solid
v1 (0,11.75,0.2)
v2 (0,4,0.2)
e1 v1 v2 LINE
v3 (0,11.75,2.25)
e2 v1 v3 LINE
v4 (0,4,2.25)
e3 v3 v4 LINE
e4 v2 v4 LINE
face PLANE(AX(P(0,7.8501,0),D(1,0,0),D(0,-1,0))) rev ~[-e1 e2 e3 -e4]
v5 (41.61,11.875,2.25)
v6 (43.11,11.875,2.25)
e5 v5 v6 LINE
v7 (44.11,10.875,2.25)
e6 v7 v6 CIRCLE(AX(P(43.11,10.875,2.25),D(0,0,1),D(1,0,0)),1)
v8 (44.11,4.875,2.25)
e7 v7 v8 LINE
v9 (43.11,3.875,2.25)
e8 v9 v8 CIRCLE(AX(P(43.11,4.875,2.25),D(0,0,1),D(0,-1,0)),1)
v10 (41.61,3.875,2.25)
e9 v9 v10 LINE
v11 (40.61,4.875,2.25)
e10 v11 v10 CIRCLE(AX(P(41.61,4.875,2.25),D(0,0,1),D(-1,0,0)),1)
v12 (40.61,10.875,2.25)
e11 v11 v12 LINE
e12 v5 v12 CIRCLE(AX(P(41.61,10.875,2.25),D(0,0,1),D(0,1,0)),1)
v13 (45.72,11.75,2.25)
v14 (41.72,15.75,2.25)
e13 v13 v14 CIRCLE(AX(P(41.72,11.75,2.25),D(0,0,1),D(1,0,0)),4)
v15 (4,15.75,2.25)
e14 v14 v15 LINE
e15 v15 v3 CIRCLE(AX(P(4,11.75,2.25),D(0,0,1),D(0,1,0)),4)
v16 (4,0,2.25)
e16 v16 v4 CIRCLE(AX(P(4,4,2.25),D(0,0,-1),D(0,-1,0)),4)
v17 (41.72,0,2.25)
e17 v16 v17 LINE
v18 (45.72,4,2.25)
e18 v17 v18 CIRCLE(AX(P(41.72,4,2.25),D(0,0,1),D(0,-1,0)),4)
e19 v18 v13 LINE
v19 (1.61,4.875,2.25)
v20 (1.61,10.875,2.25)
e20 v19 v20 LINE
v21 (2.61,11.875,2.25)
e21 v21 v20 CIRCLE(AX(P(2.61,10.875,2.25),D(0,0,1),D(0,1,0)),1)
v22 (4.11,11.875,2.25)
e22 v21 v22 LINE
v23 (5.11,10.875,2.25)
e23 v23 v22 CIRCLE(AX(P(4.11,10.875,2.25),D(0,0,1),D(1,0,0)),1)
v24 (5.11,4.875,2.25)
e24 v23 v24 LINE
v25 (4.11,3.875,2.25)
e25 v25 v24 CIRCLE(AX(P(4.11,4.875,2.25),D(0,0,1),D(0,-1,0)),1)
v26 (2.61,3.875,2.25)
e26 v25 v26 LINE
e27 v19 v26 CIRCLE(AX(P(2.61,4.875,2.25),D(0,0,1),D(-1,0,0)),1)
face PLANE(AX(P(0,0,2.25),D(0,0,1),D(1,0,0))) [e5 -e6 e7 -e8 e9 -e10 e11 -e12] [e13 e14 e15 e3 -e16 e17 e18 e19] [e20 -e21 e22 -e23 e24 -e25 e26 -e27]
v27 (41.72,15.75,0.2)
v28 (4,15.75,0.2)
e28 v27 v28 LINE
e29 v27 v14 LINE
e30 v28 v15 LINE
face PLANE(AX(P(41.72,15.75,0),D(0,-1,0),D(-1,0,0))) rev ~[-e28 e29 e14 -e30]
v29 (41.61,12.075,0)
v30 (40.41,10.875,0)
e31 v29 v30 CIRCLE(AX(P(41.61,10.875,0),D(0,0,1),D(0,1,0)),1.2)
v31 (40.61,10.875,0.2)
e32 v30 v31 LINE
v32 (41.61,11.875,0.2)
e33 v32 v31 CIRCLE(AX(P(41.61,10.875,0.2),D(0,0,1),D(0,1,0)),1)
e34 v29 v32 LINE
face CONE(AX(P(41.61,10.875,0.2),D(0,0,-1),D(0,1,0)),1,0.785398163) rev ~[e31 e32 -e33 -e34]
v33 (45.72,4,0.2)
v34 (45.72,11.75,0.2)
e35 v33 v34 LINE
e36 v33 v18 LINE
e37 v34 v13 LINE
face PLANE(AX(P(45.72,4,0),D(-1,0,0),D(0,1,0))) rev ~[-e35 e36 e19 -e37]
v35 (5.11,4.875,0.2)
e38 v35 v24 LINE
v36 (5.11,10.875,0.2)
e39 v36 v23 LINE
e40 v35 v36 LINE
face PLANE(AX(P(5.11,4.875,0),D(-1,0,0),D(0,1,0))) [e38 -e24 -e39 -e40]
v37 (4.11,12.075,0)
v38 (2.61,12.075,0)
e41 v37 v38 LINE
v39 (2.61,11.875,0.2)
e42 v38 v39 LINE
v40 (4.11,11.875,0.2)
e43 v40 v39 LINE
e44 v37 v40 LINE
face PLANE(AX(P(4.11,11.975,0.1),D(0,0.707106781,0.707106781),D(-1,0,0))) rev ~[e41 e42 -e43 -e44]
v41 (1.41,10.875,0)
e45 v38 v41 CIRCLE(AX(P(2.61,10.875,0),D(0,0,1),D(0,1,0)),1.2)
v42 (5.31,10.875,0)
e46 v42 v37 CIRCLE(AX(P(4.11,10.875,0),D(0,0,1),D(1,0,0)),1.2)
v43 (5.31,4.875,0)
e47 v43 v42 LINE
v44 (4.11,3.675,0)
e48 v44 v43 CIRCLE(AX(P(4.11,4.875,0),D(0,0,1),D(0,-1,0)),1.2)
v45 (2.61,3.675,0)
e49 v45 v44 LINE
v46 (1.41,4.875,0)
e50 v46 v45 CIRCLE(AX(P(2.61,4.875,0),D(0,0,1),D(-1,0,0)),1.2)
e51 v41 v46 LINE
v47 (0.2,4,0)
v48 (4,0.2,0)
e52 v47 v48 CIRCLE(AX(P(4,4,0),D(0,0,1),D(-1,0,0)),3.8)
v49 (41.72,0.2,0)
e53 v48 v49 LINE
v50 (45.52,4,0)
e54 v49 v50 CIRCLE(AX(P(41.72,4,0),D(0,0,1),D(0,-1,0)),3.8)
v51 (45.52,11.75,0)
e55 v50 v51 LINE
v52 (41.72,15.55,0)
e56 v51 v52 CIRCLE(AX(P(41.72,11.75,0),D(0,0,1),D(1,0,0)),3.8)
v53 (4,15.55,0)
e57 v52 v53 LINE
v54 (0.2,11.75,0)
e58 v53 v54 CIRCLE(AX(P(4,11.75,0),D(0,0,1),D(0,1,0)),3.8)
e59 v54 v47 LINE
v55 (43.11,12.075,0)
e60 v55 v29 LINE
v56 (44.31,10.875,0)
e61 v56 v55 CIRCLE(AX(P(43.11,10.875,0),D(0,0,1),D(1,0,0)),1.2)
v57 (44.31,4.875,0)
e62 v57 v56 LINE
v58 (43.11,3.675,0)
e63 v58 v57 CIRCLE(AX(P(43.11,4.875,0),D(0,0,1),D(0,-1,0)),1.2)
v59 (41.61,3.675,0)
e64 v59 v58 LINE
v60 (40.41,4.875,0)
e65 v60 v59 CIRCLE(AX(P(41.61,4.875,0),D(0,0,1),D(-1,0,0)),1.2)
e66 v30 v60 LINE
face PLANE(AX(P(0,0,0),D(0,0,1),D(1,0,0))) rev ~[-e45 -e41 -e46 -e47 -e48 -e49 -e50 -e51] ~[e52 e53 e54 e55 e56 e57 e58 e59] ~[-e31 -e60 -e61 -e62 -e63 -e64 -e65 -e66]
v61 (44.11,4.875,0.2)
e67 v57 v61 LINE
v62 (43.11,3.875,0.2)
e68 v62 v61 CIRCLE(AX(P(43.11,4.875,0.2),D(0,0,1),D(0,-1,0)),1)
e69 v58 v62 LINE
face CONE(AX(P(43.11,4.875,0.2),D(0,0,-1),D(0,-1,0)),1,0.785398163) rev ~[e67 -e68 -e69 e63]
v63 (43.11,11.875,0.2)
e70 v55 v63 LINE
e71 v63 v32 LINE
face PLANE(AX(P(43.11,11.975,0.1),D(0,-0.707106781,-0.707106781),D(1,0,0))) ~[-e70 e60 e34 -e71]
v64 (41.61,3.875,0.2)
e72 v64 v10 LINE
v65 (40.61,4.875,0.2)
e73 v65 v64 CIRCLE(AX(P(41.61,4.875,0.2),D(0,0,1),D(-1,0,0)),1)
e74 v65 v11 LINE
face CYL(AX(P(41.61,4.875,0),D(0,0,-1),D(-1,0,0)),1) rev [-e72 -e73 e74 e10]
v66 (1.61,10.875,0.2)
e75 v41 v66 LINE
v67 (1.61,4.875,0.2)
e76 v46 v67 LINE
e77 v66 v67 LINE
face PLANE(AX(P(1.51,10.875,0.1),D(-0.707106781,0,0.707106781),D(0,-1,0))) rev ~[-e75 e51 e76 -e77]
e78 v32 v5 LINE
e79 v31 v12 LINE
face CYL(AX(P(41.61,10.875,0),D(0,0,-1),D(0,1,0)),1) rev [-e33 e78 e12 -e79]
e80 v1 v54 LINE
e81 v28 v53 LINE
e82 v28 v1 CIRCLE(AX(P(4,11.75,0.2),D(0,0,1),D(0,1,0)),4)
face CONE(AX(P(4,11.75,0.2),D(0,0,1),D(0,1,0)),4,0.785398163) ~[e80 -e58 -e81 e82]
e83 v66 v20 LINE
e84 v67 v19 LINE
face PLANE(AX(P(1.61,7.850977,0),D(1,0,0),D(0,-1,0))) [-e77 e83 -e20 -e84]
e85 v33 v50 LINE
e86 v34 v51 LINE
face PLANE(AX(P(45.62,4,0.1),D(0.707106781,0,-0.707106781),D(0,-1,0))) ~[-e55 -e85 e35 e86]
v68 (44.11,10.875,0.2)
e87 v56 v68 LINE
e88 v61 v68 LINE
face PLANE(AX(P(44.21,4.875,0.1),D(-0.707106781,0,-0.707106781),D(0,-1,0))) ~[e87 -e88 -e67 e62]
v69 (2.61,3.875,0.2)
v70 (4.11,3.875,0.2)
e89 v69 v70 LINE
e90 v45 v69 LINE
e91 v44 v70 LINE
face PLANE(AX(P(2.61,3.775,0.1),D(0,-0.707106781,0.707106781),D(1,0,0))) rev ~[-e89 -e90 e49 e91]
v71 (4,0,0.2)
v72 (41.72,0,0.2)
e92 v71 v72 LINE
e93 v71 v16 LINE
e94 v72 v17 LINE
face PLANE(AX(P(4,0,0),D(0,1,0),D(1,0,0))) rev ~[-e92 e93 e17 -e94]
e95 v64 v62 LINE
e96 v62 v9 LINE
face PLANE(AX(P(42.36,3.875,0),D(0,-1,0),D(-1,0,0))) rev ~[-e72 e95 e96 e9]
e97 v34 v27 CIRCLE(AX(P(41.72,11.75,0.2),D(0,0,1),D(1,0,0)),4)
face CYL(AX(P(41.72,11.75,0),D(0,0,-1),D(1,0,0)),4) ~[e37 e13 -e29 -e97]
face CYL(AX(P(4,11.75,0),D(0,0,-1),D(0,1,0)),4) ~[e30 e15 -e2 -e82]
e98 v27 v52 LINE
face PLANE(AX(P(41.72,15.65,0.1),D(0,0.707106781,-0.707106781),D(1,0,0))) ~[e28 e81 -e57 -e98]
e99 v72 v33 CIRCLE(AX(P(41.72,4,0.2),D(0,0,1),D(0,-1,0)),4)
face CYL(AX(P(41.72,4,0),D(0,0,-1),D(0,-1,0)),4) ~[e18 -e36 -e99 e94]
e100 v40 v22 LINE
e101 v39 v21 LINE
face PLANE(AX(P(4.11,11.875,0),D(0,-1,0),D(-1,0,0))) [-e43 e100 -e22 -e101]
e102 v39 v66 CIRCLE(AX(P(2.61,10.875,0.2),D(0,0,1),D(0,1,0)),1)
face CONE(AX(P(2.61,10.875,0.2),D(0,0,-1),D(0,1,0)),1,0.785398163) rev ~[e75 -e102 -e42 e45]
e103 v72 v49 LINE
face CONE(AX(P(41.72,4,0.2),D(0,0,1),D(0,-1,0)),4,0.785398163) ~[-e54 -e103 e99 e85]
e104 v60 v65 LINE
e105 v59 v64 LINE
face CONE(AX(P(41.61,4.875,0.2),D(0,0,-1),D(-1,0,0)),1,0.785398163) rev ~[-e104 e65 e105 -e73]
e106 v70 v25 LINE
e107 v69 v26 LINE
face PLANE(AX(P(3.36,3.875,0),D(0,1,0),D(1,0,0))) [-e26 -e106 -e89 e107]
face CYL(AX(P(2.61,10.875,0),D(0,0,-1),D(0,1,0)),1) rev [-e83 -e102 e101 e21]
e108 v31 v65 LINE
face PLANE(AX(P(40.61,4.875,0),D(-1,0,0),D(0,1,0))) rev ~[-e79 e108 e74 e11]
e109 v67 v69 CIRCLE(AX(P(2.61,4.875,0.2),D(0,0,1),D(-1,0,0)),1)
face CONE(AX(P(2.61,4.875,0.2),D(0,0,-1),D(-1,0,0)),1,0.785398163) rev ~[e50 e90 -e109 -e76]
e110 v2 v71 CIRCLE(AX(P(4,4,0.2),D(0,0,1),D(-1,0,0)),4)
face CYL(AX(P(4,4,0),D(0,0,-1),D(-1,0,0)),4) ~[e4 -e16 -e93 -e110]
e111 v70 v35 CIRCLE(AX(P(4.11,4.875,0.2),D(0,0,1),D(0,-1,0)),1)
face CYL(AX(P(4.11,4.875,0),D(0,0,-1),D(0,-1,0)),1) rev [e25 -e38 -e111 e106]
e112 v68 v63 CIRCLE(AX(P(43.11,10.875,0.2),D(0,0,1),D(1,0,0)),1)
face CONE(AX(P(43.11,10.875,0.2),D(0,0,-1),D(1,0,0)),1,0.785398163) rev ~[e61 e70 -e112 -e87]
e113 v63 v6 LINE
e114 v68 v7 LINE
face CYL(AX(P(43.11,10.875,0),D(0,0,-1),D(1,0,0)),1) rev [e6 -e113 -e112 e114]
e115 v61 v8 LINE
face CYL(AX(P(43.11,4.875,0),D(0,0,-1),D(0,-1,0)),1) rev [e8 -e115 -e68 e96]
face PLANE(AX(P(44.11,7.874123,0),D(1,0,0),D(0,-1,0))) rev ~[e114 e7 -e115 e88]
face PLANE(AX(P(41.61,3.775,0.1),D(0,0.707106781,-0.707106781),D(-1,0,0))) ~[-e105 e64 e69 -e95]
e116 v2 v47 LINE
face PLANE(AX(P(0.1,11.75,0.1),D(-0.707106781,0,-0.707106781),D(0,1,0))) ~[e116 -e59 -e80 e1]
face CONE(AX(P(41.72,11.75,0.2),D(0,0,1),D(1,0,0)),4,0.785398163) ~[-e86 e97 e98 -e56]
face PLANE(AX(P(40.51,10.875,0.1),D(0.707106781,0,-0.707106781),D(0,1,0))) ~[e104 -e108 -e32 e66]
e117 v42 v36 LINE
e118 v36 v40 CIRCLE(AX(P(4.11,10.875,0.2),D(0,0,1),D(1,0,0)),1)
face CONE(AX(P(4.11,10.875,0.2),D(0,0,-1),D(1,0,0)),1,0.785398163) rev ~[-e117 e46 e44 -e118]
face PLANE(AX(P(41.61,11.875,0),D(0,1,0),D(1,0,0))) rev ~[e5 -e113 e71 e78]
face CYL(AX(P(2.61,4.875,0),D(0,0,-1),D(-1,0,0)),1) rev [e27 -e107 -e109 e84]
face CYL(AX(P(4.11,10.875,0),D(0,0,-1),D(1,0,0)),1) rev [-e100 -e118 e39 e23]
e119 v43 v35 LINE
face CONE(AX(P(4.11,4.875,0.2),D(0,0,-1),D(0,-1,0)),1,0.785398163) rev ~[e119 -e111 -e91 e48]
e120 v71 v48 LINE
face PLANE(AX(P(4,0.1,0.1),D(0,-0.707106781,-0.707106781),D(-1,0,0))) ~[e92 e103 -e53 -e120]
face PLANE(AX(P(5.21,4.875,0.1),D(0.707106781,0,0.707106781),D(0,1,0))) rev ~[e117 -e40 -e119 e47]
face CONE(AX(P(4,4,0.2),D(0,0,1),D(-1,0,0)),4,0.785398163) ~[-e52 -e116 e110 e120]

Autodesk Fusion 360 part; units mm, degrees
sketch "Sketch1" plane through (0, 0, 0) normal (0, 0, 1) x (1, 0, 0)
  line L0 (4, 0) -> (41.72, 0)
  line L1 (45.72, 4) -> (45.72, 11.75)
  line L2 (41.72, 15.75) -> (4, 15.75)
  line L3 (0, 11.75) -> (0, 0)
  line L4 (0, 7.8501) -> (45.72, 7.875)
  line L5 (0, 15.75) -> (3.36, 15.75)
  line L6 (3.36, 15.75) -> (3.36, 0)
  line L7 (3.36, 0) -> (0, 0)
  line L8 (0, 4) -> (0, 15.75)
  line L9 (45.72, 15.75) -> (42.36, 15.75)
  line L10 (42.36, 15.75) -> (42.36, 0)
  line L11 (42.36, 0) -> (45.72, 0)
  line L12 (45.72, 0) -> (45.72, 15.75)
  line L13 (4.11, 11.875) -> (2.61, 11.875)
  line L14 (1.61, 10.875) -> (1.61, 4.875)
  line L15 (2.61, 3.875) -> (4.11, 3.875)
  line L16 (5.11, 4.875) -> (5.11, 10.875)
  line L17 (5.11, 11.875) -> (1.61, 3.875) construction
  line L18 (1.61, 11.875) -> (5.11, 3.875) construction
  line L19 (41.61, 11.875) -> (43.11, 11.875)
  line L20 (44.11, 10.875) -> (44.11, 4.875)
  line L21 (43.11, 3.875) -> (41.61, 3.875)
  line L22 (40.61, 4.875) -> (40.61, 10.875)
  line L23 (40.61, 11.875) -> (44.11, 3.875) construction
  line L24 (44.11, 11.875) -> (40.61, 3.875) construction
  arc A0 (5.11, 10.875) -> (4.11, 11.875) centre (4.11, 10.875) ccw
  arc A1 (2.61, 11.875) -> (1.61, 10.875) centre (2.61, 10.875) ccw
  arc A2 (1.61, 4.875) -> (2.61, 3.875) centre (2.61, 4.875) ccw
  arc A3 (4.11, 3.875) -> (5.11, 4.875) centre (4.11, 4.875) ccw
  arc A4 (41.61, 11.875) -> (40.61, 10.875) centre (41.61, 10.875) ccw
  arc A5 (40.61, 4.875) -> (41.61, 3.875) centre (41.61, 4.875) ccw
  arc A6 (43.11, 3.875) -> (44.11, 4.875) centre (43.11, 4.875) ccw
  arc A7 (44.11, 10.875) -> (43.11, 11.875) centre (43.11, 10.875) ccw
  arc A8 (45.72, 11.75) -> (41.72, 15.75) centre (41.72, 11.75) ccw
  arc A9 (0, 4) -> (4, 0) centre (4, 4) ccw
  arc A10 (4, 15.75) -> (0, 11.75) centre (4, 11.75) ccw
  arc A11 (41.72, 0) -> (45.72, 4) centre (41.72, 4) ccw
  point P0 (45.72, 0)
  point P1 (3.36, 7.875)
  point P2 (42.36, 7.875)
  dimension "d1" = 45.72
  dimension "d2" = 15.75
  dimension "d5" = 3.36
  dimension "d6" = 15.75
  dimension "d7" = 3.36
  dimension "d8" = 15.75
  dimension "d9" = 3.5
  dimension "d10" = 8
  dimension "d11" = 3.5
  dimension "d12" = 8
  dimension "d13" = 1
  dimension "d14" = 1
  dimension "d15" = 4
  dimension "d16" = 4
extrude "Extrude1" add sketch "Sketch1" along normal blind 2.25 contours L0 L4 L6 L10 L15 L16 L21 L22 A3 A5 A9 A11 | L3 L4 L6 L8 L14 L15 A2 A9 | L1 L4 L10 L12 L20 L21 A6 A11 | L3 L4 L6 L8 L13 L14 A1 A10 | L1 L4 L10 L12 L19 L20 A7 A8 | L2 L4 L6 L10 L13 L16 L19 L22 A0 A4 A8 A10
chamfer "Chamfer1" distance 0.2 angle 45 1 faces at (16.9433, 8.875, 0)
